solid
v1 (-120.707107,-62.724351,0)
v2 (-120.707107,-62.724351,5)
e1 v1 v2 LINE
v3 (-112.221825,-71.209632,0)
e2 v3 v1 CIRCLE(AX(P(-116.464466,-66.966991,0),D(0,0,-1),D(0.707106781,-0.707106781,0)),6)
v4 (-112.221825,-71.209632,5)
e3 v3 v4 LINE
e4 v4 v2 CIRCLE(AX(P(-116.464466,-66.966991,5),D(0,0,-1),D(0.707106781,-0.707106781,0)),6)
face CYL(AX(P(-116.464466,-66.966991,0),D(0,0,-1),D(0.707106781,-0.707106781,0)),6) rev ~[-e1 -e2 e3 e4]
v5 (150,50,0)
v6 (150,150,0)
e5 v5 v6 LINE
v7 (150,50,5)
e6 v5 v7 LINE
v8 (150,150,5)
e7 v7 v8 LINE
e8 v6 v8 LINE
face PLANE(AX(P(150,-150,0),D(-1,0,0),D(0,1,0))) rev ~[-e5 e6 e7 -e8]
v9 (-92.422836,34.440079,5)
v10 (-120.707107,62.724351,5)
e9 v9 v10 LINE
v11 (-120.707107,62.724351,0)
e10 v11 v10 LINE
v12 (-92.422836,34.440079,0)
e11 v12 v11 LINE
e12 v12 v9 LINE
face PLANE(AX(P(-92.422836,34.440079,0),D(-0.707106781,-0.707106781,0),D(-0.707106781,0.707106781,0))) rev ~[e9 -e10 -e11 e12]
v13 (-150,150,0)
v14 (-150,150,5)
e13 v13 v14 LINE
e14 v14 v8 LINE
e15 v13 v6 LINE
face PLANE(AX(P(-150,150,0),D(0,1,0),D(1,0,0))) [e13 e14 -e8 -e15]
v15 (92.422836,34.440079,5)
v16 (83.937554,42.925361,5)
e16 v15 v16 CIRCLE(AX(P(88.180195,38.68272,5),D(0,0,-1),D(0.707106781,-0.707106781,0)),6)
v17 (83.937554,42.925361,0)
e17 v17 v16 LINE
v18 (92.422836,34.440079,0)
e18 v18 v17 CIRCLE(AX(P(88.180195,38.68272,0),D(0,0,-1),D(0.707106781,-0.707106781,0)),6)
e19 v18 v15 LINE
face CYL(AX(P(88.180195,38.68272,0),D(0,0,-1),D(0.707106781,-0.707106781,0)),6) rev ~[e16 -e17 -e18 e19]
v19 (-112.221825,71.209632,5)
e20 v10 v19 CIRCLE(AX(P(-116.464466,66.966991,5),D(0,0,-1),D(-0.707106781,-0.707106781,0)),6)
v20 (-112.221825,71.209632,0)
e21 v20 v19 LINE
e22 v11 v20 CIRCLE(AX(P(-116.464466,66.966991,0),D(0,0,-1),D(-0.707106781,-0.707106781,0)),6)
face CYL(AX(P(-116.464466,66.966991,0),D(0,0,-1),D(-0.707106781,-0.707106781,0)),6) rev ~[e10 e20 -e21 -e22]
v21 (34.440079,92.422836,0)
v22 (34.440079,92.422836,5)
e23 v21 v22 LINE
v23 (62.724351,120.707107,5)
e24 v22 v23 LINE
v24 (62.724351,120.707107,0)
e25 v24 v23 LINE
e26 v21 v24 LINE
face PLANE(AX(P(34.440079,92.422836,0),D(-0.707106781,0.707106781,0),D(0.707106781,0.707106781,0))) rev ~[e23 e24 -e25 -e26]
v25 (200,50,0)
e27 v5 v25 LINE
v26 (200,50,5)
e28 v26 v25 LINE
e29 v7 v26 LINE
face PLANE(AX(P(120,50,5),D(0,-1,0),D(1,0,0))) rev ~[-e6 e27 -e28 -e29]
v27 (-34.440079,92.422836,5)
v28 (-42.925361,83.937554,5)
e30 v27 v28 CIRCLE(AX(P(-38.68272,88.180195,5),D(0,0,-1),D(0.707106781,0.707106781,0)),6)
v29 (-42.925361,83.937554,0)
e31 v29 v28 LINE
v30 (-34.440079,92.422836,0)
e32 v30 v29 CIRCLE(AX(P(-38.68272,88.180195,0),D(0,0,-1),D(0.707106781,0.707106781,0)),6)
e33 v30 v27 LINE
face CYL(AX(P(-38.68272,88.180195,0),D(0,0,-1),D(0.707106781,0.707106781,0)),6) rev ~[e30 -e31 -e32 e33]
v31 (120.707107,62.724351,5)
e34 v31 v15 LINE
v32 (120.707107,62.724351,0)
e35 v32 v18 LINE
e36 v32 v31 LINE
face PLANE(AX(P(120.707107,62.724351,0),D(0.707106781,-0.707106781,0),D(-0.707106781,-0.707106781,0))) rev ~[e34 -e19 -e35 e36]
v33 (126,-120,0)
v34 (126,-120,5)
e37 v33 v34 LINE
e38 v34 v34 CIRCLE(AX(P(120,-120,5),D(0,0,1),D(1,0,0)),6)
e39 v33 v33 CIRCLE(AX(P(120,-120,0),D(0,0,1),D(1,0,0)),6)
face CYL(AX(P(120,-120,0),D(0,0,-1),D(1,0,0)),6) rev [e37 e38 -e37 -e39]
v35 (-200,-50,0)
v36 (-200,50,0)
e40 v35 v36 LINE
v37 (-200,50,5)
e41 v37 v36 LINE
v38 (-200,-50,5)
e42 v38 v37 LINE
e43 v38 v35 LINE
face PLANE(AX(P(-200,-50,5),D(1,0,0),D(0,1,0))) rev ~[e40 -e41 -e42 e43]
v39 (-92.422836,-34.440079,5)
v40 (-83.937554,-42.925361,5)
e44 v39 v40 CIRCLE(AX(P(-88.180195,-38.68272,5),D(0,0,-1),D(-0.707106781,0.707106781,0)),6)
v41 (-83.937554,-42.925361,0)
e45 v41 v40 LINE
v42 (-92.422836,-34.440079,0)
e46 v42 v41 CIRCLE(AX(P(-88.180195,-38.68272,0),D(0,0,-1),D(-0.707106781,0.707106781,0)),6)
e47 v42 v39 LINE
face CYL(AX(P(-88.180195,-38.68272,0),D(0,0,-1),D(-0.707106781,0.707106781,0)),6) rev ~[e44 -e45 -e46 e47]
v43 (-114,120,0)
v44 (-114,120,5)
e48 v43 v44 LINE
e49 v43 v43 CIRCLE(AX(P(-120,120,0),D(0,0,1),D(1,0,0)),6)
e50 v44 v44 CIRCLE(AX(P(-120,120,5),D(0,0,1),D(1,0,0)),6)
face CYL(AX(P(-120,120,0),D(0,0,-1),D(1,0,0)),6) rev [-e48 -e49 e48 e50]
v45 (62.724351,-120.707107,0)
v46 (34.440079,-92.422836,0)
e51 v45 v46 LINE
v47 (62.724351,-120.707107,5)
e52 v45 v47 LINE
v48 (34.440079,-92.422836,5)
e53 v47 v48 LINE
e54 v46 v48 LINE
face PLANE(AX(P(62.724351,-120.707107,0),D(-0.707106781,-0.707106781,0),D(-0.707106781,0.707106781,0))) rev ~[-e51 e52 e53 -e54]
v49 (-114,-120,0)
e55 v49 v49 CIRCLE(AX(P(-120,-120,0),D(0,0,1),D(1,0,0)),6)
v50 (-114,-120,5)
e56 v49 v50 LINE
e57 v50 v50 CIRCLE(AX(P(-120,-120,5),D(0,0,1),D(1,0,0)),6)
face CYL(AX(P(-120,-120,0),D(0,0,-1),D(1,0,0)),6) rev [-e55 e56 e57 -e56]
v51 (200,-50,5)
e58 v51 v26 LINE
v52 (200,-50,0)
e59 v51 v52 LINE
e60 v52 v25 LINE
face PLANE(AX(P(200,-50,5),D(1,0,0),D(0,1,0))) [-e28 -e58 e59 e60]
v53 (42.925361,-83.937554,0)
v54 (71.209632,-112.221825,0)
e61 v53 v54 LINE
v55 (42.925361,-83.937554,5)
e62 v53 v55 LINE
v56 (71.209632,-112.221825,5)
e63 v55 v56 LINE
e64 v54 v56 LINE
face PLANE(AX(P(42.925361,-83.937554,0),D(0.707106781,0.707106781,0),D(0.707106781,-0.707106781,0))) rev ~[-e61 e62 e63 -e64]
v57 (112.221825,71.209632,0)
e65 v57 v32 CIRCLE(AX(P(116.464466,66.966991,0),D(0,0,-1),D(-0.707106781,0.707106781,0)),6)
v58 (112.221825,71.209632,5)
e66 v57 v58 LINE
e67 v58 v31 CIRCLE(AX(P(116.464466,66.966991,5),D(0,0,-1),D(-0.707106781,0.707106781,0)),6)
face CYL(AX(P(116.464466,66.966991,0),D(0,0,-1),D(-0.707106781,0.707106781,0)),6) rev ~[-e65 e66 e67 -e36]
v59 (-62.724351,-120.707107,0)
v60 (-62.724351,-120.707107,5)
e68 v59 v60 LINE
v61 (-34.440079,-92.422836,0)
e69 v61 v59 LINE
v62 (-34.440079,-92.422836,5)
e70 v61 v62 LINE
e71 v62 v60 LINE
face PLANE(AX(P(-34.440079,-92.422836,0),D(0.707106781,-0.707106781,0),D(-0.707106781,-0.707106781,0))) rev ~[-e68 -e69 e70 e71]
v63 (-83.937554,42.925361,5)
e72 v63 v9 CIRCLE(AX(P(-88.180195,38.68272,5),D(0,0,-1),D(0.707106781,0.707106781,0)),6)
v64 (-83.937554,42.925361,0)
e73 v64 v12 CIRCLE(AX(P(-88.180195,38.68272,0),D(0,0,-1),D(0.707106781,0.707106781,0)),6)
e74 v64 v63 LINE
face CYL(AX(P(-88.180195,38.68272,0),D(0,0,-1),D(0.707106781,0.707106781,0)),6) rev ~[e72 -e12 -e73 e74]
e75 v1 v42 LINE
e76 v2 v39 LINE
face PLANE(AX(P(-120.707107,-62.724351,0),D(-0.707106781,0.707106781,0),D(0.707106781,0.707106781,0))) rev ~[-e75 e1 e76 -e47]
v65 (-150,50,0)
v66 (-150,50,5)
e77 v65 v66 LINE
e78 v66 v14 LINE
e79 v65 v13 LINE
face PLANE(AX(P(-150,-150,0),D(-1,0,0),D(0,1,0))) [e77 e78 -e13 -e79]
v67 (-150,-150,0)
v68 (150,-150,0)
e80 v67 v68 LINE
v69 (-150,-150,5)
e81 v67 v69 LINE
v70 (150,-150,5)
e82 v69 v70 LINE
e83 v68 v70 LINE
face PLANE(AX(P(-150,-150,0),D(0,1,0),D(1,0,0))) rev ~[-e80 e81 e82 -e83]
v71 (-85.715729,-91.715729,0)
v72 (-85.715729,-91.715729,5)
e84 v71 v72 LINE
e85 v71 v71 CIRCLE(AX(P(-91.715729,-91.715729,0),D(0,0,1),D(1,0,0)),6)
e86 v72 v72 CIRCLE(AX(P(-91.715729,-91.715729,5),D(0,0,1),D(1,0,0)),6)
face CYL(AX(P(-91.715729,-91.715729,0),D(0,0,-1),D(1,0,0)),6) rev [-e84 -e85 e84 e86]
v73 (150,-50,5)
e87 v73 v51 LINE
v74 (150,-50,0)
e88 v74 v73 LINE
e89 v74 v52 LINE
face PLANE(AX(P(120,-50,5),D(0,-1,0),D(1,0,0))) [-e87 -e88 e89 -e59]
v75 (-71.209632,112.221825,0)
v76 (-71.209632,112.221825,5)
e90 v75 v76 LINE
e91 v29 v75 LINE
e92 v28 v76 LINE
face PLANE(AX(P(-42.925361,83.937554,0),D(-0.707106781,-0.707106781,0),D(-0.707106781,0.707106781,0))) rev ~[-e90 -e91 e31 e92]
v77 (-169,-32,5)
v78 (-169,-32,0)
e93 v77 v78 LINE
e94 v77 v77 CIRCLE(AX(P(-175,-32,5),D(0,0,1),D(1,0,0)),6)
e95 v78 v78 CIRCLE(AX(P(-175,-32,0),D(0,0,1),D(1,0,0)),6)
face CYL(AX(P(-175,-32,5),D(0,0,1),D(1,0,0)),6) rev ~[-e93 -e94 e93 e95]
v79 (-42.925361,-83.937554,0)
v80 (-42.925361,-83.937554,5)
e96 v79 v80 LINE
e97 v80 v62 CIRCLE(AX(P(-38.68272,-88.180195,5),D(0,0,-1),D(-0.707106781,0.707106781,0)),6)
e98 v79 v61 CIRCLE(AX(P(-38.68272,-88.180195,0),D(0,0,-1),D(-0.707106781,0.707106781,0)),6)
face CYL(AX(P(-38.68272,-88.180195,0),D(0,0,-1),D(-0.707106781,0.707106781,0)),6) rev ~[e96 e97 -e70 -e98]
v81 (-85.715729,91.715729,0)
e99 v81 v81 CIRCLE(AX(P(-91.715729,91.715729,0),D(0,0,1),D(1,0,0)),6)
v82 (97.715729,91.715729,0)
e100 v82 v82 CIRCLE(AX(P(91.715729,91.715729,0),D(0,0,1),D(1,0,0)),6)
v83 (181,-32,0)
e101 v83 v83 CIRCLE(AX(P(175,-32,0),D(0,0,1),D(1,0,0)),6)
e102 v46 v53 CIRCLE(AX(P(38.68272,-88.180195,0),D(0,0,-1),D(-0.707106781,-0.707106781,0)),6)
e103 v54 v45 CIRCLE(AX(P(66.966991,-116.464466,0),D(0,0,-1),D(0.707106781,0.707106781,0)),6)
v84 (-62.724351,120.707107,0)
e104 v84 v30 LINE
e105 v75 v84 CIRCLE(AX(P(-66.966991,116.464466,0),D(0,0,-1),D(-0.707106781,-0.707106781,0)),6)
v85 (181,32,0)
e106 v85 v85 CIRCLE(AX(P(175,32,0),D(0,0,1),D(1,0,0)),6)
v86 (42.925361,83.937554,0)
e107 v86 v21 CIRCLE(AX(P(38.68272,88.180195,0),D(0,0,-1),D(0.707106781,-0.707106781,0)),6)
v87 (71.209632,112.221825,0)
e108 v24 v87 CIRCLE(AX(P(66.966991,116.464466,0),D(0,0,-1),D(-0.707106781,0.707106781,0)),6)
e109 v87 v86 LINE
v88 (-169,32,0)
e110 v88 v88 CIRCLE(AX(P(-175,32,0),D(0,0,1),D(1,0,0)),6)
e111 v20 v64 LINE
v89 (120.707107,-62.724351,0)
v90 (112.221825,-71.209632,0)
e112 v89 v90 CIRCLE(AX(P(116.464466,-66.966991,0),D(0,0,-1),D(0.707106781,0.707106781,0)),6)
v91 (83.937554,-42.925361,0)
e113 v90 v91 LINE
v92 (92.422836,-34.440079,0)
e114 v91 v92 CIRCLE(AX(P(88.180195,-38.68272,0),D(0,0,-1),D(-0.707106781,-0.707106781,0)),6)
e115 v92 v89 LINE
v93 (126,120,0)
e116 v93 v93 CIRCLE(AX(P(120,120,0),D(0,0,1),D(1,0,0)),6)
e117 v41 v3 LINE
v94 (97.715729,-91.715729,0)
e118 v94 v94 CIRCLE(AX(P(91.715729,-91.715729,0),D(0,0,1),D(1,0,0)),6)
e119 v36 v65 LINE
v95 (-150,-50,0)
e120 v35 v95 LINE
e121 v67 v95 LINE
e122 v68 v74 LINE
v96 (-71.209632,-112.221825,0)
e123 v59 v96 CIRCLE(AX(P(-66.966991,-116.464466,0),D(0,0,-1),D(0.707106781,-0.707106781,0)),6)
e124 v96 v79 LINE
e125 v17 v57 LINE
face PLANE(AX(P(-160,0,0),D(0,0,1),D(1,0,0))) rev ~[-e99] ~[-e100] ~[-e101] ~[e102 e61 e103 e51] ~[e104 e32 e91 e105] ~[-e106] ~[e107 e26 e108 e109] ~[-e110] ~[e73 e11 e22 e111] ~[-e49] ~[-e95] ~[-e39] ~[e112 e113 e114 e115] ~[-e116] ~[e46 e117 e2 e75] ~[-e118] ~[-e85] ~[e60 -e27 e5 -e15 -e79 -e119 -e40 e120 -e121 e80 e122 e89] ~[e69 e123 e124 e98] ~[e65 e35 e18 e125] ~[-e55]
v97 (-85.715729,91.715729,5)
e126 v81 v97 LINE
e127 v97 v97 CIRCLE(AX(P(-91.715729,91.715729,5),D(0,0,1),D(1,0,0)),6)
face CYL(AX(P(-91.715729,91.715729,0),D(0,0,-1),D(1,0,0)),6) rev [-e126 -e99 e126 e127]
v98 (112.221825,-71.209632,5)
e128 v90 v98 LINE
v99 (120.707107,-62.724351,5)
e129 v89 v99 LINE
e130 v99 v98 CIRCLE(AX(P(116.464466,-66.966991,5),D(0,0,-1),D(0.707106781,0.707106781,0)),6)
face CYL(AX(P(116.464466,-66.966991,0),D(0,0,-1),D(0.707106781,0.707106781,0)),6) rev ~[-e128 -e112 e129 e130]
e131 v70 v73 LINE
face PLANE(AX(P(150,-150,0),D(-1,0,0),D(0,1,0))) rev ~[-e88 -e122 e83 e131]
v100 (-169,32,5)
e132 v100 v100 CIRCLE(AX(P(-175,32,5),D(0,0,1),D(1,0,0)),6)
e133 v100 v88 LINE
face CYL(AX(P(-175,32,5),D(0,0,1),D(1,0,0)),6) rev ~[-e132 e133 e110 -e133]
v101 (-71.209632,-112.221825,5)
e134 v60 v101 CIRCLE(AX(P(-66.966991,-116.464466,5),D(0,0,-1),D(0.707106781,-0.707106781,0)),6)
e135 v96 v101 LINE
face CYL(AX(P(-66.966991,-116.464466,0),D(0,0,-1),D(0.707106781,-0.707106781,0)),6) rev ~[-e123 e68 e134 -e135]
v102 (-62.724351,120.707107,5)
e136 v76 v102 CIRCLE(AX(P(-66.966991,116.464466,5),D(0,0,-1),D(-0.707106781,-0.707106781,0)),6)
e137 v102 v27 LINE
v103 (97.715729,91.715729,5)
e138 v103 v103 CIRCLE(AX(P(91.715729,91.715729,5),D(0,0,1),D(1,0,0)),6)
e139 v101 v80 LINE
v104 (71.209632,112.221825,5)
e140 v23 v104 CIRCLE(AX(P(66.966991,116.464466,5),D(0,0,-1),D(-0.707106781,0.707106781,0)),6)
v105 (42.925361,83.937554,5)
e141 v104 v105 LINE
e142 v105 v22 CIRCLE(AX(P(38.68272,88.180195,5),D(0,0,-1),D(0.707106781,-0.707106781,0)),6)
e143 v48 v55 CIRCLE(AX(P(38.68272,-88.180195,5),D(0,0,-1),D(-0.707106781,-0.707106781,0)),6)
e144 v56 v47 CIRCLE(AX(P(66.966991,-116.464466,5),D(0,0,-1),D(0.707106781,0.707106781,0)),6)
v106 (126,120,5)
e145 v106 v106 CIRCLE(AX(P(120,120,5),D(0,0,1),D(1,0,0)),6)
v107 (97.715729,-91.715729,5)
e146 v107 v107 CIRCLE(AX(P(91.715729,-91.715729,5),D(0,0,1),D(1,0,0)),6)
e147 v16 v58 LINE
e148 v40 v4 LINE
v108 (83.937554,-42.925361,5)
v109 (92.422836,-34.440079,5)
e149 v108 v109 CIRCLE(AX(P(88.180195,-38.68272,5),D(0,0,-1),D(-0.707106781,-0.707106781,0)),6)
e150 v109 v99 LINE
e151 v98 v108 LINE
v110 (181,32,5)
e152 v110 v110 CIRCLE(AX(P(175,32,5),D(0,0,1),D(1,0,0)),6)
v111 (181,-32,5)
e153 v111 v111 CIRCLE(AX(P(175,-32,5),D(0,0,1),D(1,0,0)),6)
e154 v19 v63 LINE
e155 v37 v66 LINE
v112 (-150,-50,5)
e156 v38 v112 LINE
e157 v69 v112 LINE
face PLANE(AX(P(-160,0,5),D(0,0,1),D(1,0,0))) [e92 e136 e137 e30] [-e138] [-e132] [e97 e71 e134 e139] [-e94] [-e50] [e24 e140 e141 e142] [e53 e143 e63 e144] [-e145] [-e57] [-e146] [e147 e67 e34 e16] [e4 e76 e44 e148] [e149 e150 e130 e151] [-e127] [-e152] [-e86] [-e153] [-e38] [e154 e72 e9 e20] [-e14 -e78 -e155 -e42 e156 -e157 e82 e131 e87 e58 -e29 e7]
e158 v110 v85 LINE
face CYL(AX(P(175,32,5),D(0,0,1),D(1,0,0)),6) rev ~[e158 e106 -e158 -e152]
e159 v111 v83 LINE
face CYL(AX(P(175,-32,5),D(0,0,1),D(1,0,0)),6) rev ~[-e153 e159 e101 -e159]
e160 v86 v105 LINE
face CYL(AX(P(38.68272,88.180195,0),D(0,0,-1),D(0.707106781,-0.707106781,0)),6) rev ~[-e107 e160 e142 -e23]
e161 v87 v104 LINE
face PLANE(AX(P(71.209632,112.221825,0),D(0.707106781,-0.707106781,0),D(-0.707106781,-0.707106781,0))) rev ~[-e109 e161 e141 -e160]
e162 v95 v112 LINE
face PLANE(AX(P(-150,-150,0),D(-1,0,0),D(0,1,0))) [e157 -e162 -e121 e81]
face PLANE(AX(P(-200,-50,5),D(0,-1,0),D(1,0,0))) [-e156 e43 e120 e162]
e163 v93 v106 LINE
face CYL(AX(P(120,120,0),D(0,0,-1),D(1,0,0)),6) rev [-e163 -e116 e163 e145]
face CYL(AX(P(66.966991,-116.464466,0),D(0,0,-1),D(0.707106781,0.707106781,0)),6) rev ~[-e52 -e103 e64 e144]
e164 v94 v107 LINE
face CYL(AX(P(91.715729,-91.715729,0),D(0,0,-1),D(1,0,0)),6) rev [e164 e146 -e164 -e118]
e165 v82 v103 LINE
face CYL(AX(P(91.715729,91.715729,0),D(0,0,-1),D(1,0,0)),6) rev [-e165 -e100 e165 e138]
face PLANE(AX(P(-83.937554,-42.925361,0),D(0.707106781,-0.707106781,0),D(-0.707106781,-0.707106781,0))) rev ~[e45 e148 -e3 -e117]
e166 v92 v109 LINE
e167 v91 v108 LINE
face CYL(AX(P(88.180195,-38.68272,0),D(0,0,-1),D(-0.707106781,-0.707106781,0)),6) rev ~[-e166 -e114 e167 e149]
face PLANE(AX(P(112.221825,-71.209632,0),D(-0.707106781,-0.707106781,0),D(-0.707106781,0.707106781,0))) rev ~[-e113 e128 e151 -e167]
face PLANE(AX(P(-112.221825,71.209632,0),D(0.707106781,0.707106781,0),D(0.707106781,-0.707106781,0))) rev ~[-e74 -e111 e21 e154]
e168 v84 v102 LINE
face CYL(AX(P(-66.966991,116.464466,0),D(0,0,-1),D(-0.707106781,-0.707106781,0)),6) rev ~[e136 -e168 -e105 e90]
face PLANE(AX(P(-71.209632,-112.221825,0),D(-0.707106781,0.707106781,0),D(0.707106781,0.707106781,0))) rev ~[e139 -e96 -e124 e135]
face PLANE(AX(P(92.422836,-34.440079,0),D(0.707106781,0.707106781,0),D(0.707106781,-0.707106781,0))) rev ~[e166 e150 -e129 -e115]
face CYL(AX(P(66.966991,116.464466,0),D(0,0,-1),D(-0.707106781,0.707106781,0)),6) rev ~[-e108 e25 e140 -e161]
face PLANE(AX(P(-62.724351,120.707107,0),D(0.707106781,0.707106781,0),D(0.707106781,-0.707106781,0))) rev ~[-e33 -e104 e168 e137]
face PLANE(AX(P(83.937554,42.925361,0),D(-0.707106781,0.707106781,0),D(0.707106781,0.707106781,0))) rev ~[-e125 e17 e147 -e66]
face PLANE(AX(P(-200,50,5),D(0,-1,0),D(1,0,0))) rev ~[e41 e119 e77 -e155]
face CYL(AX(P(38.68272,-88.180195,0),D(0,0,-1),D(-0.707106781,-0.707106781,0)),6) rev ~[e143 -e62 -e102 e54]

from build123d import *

# Parameters (mm, degrees)
SKETCH1_W           = 300
SKETCH1_H           = 300
SKETCH1_R           = 6
BOSS_EXTRUDE1_DEPTH = 5
SKETCH2_W           = 80
SKETCH2_H           = 100
BOSS_EXTRUDE2_DEPTH = 5
SKETCH3_R           = 6
CUT_EXTRUDE1_DEPTH  = 264


with BuildPart() as part:
    # Sketch1 → Boss-Extrude1 (new body)
    with BuildSketch(Plane.XY):
        Rectangle(SKETCH1_W, SKETCH1_H)
        with Locations((-120, 120)):
            Circle(SKETCH1_R, mode=Mode.SUBTRACT)
        with Locations((120, 120)):
            Circle(SKETCH1_R, mode=Mode.SUBTRACT)
        with Locations((-120, -120)):
            Circle(SKETCH1_R, mode=Mode.SUBTRACT)
        with Locations((120, -120)):
            Circle(SKETCH1_R, mode=Mode.SUBTRACT)
        with Locations((-91.715728753, 91.715728753)):
            Circle(SKETCH1_R, mode=Mode.SUBTRACT)
        with Locations((91.715728753, 91.715728753)):
            Circle(SKETCH1_R, mode=Mode.SUBTRACT)
        with Locations((-91.715728753, -91.715728753)):
            Circle(SKETCH1_R, mode=Mode.SUBTRACT)
        with Locations((91.715728753, -91.715728753)):
            Circle(SKETCH1_R, mode=Mode.SUBTRACT)
        with BuildLine():
            Line((-62.724350724, 120.707106781), (-34.440079476, 92.422835534))
            ThreePointArc((-34.440079476, 92.422835534), (-34.440079476, 83.937554159), (-42.925360851, 83.937554159))
            Line((-42.925360851, 83.937554159), (-71.209632098, 112.221825407))
            ThreePointArc((-71.209632098, 112.221825407), (-71.209632098, 120.707106781), (-62.724350724, 120.707106781))
        make_face(mode=Mode.SUBTRACT)
        with BuildLine():
            Line((71.209632098, 112.221825407), (42.925360851, 83.937554159))
            ThreePointArc((42.925360851, 83.937554159), (34.440079476, 83.937554159), (34.440079476, 92.422835534))
            Line((34.440079476, 92.422835534), (62.724350724, 120.707106781))
            ThreePointArc((62.724350724, 120.707106781), (71.209632098, 120.707106781), (71.209632098, 112.221825407))
        make_face(mode=Mode.SUBTRACT)
        with BuildLine():
            Line((-112.221825407, 71.209632098), (-83.937554159, 42.925360851))
            ThreePointArc((-83.937554159, 42.925360851), (-83.937554159, 34.440079476), (-92.422835534, 34.440079476))
            Line((-92.422835534, 34.440079476), (-120.707106781, 62.724350724))
            ThreePointArc((-120.707106781, 62.724350724), (-120.707106781, 71.209632098), (-112.221825407, 71.209632098))
        make_face(mode=Mode.SUBTRACT)
        with BuildLine():
            Line((120.707106781, 62.724350724), (92.422835534, 34.440079476))
            ThreePointArc((92.422835534, 34.440079476), (83.937554159, 34.440079476), (83.937554159, 42.925360851))
            Line((83.937554159, 42.925360851), (112.221825407, 71.209632098))
            ThreePointArc((112.221825407, 71.209632098), (120.707106781, 71.209632098), (120.707106781, 62.724350724))
        make_face(mode=Mode.SUBTRACT)
        with BuildLine():
            Line((112.221825407, -71.209632098), (83.937554159, -42.925360851))
            ThreePointArc((83.937554159, -42.925360851), (83.937554159, -34.440079476), (92.422835534, -34.440079476))
            Line((92.422835534, -34.440079476), (120.707106781, -62.724350724))
            ThreePointArc((120.707106781, -62.724350724), (120.707106781, -71.209632098), (112.221825407, -71.209632098))
        make_face(mode=Mode.SUBTRACT)
        with BuildLine():
            Line((62.724350724, -120.707106781), (34.440079476, -92.422835534))
            ThreePointArc((34.440079476, -92.422835534), (34.440079476, -83.937554159), (42.925360851, -83.937554159))
            Line((42.925360851, -83.937554159), (71.209632098, -112.221825407))
            ThreePointArc((71.209632098, -112.221825407), (71.209632098, -120.707106781), (62.724350724, -120.707106781))
        make_face(mode=Mode.SUBTRACT)
        with BuildLine():
            Line((-71.209632098, -112.221825407), (-42.925360851, -83.937554159))
            ThreePointArc((-42.925360851, -83.937554159), (-34.440079476, -83.937554159), (-34.440079476, -92.422835534))
            Line((-34.440079476, -92.422835534), (-62.724350724, -120.707106781))
            ThreePointArc((-62.724350724, -120.707106781), (-71.209632098, -120.707106781), (-71.209632098, -112.221825407))
        make_face(mode=Mode.SUBTRACT)
        with BuildLine():
            Line((-120.707106781, -62.724350724), (-92.422835534, -34.440079476))
            ThreePointArc((-92.422835534, -34.440079476), (-83.937554159, -34.440079476), (-83.937554159, -42.925360851))
            Line((-83.937554159, -42.925360851), (-112.221825407, -71.209632098))
            ThreePointArc((-112.221825407, -71.209632098), (-120.707106781, -71.209632098), (-120.707106781, -62.724350724))
        make_face(mode=Mode.SUBTRACT)
    extrude(amount=BOSS_EXTRUDE1_DEPTH)

    # Sketch2 → Boss-Extrude2 (add)
    with BuildSketch(Plane.XY.offset(5)):
        with Locations((-160, 0)):
            Rectangle(SKETCH2_W, SKETCH2_H)
        with Locations((160, 0)):
            Rectangle(SKETCH2_W, SKETCH2_H)
    extrude(amount=-BOSS_EXTRUDE2_DEPTH)

    # Sketch3 → Cut-Extrude1 (cut)
    with BuildSketch(Plane.XY.offset(5)):
        with Locations((-175, 32)):
            Circle(SKETCH3_R)
        with Locations((-175, -32)):
            Circle(SKETCH3_R)
        with Locations((175, 32)):
            Circle(SKETCH3_R)
        with Locations((175, -32)):
            Circle(SKETCH3_R)
    extrude(amount=-CUT_EXTRUDE1_DEPTH, mode=Mode.SUBTRACT)


solid = part.part
